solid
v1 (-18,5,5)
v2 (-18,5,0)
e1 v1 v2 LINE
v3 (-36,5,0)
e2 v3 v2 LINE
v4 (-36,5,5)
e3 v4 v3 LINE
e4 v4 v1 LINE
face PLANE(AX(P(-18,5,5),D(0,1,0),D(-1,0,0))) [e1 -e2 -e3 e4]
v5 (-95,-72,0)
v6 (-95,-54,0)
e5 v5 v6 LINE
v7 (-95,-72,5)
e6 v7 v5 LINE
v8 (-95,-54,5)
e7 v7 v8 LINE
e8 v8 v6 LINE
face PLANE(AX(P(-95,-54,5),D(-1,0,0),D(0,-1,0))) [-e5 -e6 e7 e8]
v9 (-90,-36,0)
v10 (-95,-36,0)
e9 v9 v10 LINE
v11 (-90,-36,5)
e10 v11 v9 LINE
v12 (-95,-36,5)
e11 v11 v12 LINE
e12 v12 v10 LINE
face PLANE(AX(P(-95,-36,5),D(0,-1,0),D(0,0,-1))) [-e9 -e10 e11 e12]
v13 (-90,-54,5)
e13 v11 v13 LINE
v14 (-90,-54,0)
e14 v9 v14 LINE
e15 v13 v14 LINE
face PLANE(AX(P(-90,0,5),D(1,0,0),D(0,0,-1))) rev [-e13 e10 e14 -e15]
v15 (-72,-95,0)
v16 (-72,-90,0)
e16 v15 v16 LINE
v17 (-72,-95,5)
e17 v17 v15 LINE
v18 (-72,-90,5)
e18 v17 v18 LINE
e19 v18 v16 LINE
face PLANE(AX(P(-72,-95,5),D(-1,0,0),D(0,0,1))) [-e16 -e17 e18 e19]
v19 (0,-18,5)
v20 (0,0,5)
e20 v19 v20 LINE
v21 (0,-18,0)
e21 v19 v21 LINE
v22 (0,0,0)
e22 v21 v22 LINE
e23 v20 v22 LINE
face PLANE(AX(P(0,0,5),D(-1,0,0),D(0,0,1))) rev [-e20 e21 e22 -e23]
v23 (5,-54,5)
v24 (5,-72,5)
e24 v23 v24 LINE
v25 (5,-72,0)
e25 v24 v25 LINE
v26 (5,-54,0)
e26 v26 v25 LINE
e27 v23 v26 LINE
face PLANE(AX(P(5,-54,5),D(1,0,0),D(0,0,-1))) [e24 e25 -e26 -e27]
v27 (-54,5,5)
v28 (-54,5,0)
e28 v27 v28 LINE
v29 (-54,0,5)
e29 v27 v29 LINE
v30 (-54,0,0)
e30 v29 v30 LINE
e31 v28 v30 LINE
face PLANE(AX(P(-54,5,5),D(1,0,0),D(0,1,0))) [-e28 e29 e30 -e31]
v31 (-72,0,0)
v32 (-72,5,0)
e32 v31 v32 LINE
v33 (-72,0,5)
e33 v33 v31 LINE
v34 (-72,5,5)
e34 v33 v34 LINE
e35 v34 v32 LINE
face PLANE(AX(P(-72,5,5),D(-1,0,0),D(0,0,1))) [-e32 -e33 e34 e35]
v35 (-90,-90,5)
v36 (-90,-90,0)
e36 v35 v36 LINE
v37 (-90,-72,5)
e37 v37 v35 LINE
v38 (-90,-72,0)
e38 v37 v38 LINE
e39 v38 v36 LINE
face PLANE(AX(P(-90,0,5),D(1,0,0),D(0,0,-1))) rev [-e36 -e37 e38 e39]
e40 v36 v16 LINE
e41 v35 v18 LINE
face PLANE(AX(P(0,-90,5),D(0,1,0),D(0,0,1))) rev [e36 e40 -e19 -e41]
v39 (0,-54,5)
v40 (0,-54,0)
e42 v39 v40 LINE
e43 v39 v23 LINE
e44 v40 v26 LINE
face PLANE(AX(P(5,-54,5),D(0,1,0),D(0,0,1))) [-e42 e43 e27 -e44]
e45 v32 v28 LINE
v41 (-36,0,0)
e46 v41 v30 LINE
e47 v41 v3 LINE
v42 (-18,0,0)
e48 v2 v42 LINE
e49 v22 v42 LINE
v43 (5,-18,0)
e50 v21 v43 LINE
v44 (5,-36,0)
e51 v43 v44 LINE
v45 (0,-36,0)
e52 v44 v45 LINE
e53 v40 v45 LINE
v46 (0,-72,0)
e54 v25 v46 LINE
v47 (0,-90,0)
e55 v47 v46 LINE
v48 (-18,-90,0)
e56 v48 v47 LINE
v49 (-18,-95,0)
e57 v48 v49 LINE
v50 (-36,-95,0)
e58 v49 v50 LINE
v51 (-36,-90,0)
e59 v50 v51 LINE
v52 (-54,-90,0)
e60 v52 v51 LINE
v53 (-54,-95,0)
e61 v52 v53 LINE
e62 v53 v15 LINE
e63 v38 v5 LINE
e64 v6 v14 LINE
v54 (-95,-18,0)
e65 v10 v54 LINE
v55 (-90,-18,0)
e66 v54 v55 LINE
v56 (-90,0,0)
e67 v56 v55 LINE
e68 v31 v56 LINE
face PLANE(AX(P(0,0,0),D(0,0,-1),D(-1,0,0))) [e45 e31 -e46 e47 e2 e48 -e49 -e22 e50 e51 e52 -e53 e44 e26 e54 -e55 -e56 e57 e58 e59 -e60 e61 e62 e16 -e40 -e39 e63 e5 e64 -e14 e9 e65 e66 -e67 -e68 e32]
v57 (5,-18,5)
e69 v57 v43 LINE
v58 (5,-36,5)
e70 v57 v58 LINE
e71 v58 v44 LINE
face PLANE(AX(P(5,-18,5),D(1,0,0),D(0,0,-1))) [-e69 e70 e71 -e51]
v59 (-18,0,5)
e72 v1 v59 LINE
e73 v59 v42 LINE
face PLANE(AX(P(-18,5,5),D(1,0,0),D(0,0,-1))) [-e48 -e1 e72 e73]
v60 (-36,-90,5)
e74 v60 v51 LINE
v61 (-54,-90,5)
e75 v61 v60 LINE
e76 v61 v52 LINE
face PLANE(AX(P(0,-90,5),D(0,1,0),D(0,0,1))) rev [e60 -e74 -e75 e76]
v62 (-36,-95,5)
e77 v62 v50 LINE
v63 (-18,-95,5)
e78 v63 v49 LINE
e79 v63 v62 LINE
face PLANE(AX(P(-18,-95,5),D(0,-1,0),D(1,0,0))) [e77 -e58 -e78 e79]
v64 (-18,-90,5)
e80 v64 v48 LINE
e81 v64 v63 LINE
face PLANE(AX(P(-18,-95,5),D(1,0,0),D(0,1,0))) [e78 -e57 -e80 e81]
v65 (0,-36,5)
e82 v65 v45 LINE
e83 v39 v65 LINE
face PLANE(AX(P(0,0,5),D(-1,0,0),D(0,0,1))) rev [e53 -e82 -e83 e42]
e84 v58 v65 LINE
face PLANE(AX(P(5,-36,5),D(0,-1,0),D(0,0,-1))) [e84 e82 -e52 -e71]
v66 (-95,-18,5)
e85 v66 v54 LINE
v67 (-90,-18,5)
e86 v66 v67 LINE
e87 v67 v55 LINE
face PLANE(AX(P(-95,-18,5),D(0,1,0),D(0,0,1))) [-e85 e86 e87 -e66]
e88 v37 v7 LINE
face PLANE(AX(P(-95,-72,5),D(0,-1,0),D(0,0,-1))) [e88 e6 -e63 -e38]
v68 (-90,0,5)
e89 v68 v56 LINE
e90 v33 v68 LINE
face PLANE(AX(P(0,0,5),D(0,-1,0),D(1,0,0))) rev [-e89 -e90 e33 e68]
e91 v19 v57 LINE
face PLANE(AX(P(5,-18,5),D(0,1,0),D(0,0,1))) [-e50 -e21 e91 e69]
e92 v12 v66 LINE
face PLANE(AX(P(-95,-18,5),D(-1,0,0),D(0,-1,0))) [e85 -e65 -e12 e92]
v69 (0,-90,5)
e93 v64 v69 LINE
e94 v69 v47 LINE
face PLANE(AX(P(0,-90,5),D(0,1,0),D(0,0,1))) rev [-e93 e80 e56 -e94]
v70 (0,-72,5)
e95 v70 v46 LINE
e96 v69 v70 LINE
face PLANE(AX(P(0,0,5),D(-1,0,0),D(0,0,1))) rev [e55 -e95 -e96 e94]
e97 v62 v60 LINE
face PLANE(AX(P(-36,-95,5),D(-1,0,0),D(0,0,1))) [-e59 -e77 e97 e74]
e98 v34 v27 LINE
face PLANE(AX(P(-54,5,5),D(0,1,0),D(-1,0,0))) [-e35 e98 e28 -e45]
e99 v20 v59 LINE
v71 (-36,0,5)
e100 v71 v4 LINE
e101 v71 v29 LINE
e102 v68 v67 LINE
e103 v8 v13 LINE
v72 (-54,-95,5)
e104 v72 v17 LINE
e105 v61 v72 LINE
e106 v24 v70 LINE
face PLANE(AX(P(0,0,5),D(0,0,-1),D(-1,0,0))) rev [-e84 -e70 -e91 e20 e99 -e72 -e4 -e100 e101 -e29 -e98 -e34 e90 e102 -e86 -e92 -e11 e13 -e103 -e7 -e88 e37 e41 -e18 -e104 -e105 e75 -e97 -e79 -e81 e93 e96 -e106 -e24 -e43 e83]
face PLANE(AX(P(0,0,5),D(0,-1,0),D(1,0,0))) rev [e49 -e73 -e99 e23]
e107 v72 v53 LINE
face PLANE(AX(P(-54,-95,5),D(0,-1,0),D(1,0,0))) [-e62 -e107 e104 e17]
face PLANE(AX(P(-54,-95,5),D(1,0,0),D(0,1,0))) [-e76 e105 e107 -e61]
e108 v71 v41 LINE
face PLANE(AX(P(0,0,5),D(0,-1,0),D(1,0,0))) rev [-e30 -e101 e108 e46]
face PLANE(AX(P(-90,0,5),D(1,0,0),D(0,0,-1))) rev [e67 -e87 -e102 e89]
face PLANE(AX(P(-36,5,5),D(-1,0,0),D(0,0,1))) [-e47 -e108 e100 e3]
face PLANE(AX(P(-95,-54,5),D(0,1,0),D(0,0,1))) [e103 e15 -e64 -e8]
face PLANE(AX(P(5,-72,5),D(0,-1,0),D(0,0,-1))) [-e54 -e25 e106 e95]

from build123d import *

# Parameters (mm, degrees)
ESQUISSE1_W        = 90
ESQUISSE1_H        = 90
BOSS_EXTRU_1_DEPTH = 5
ESQUISSE2_W        = 5
ESQUISSE2_H        = 18
BOSS_EXTRU_2_DEPTH = 5
ESQUISSE3_W        = 18
ESQUISSE3_H        = 5
BOSS_EXTRU_3_DEPTH = 5


with BuildPart() as part:
    # Esquisse1 → Boss.-Extru.1 (new body)
    with BuildSketch(Plane.XY):
        with Locations((-45, -45)):
            Rectangle(ESQUISSE1_W, ESQUISSE1_H)
    extrude(amount=BOSS_EXTRU_1_DEPTH)

    # Esquisse2 → Boss.-Extru.2 (add)
    with BuildSketch(Plane(origin=(0, 0, 0), x_dir=(-1, 0, 0), z_dir=(0, 0, -1))):
        with Locations((-2.5, -27)):
            Rectangle(ESQUISSE2_W, ESQUISSE2_H)
        with Locations((-2.5, -63)):
            Rectangle(ESQUISSE2_W, ESQUISSE2_H)
        with Locations((92.5, -63)):
            Rectangle(ESQUISSE2_W, ESQUISSE2_H)
        with Locations((92.5, -27)):
            Rectangle(ESQUISSE2_W, ESQUISSE2_H)
    extrude(amount=-BOSS_EXTRU_2_DEPTH)

    # Esquisse3 → Boss.-Extru.3 (add)
    with BuildSketch(Plane(origin=(0, 0, 0), x_dir=(-1, 0, 0), z_dir=(0, 0, -1))):
        with Locations((27, 2.5)):
            Rectangle(ESQUISSE3_W, ESQUISSE3_H)
        with Locations((63, 2.5)):
            Rectangle(ESQUISSE3_W, ESQUISSE3_H)
        with Locations((63, -92.5)):
            Rectangle(ESQUISSE3_W, ESQUISSE3_H)
        with Locations((27, -92.5)):
            Rectangle(ESQUISSE3_W, ESQUISSE3_H)
    extrude(amount=-BOSS_EXTRU_3_DEPTH)


solid = part.part
